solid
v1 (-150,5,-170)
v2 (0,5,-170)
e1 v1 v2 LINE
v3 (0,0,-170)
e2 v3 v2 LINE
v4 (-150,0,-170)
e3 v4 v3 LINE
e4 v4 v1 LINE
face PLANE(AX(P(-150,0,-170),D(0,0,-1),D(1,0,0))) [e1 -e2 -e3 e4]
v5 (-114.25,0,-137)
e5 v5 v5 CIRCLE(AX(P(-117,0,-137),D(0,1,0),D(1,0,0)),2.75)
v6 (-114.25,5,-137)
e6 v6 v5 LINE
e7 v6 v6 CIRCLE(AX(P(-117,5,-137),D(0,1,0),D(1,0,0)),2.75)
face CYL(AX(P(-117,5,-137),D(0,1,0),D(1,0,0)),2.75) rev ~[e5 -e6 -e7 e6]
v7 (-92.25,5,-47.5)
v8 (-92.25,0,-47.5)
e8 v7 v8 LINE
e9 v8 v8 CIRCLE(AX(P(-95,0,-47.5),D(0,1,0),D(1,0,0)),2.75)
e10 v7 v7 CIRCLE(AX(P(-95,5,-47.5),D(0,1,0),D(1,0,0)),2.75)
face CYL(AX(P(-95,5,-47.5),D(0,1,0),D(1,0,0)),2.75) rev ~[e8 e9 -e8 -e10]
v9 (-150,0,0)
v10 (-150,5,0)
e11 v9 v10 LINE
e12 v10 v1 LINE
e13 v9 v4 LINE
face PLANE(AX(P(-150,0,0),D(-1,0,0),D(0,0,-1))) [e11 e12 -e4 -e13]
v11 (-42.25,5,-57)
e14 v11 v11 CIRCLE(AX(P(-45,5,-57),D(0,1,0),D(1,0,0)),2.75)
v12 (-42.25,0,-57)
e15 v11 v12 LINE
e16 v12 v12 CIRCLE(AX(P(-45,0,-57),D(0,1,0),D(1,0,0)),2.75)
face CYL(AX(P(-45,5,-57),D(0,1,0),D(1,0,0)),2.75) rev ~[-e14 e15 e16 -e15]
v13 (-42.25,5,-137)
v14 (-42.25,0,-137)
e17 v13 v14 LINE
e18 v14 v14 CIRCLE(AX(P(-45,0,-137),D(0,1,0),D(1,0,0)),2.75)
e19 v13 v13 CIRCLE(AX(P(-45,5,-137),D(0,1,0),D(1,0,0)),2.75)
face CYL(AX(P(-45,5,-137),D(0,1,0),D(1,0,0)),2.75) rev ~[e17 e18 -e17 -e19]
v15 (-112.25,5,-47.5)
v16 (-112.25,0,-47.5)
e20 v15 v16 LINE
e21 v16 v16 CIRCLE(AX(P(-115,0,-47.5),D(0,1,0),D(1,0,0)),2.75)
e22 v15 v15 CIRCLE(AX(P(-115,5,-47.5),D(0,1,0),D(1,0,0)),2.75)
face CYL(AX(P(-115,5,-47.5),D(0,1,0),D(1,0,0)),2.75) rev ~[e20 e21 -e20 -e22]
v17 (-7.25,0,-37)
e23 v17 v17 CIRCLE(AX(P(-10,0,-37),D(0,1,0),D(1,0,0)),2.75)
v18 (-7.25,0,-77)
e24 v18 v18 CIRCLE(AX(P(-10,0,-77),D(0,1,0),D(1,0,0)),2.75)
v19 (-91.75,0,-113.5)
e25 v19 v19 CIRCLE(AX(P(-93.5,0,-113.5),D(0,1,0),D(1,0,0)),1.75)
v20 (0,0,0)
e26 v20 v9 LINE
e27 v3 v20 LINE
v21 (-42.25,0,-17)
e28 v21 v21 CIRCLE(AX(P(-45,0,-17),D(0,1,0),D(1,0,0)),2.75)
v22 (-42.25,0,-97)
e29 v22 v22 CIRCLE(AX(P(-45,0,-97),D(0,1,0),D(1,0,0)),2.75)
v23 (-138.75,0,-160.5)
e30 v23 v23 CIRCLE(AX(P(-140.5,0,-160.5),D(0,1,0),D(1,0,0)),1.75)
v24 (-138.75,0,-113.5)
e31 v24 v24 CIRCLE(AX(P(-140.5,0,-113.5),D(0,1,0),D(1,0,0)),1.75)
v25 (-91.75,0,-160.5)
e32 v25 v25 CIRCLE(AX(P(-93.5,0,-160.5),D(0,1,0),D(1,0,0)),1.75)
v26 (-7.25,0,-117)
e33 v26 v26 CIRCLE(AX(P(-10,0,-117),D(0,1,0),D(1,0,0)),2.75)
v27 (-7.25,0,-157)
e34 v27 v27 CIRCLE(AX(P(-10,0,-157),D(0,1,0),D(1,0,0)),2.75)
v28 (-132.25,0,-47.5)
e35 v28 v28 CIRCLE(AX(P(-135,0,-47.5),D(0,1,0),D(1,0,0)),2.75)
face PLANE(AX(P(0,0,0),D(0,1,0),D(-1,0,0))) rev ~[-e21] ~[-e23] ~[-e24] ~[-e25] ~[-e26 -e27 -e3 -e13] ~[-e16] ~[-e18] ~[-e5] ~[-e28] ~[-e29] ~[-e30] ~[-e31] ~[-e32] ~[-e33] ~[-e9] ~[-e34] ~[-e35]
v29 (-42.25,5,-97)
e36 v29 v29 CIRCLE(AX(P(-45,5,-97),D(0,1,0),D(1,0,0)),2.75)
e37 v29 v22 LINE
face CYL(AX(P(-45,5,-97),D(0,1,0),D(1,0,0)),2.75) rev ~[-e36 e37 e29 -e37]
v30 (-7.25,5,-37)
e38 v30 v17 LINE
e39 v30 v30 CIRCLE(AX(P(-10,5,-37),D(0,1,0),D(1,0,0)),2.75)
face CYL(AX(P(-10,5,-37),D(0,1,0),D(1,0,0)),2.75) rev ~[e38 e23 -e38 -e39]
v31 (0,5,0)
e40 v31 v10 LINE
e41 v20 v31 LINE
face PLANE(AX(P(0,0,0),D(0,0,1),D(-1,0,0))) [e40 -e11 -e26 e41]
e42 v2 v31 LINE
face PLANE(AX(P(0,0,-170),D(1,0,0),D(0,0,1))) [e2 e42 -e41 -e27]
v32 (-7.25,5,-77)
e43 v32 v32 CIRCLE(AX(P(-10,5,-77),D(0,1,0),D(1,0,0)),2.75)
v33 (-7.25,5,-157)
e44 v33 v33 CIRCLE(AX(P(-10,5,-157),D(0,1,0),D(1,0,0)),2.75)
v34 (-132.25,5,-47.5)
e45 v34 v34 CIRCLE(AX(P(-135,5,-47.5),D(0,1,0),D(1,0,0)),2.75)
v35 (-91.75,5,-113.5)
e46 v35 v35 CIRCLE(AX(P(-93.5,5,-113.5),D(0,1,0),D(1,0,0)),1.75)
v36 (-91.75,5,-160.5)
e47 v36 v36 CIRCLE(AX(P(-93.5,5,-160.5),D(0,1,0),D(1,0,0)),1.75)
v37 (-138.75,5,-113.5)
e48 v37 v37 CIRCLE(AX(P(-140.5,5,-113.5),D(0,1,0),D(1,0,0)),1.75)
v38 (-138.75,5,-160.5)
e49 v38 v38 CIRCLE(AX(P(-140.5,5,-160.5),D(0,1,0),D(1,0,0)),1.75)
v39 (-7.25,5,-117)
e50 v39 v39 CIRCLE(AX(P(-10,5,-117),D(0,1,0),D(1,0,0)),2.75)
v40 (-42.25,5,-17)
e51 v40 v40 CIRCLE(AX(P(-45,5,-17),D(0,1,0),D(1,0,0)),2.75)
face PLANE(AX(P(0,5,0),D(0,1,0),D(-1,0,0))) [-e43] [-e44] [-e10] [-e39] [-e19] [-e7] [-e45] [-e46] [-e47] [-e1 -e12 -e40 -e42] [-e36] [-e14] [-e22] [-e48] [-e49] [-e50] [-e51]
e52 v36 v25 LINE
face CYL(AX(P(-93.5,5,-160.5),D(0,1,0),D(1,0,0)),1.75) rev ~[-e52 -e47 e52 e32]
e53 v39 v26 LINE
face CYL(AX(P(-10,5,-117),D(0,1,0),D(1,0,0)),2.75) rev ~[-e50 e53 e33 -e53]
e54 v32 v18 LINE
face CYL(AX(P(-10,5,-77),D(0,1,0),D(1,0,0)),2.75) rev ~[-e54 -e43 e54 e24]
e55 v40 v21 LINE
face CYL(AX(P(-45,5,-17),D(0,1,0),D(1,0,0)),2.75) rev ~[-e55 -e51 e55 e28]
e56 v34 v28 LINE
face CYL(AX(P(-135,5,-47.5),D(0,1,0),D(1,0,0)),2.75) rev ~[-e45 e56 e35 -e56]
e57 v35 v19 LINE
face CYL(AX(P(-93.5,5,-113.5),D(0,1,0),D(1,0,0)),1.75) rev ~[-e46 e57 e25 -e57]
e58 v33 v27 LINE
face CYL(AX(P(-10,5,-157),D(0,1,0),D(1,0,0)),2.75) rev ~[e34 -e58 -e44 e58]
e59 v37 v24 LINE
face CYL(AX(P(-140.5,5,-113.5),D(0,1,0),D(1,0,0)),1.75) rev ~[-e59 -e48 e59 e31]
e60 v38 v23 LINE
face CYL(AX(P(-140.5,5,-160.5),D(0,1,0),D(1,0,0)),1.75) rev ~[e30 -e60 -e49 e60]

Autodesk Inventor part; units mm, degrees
ref_plane "YZ Plane" through (0, 0, 0) normal (1, 0, 0) x (0, 1, 0)
ref_plane "XZ Plane" through (0, 0, 0) normal (0, 1, 0) x (-1, 0, 0)
ref_plane "XY Plane" through (0, 0, 0) normal (0, 0, 1) x (1, 0, 0)
sketch "Sketch1" plane through (0, 0, 0) normal (0, 1, 0) x (-1, 0, 0)
  line L0 (0, 0) -> (150, 0)
  line L1 (150, 0) -> (150, -170)
  line L2 (150, -170) -> (0, -170)
  line L3 (0, -170) -> (0, 0)
  dimension "d0" = 150
  dimension "d1" = 170
extrude "Extrusion1" add sketch "Sketch1" along normal blind 5
sketch "Sketch2" plane through (0, 5, 0) normal (0, 1, 0) x (1, 0, 0)
  line L0 (-150, 170) -> (-150, 0) projected
  line L1 (-150, 0) -> (0, 0) projected
  line L2 (0, 0) -> (0, 170) projected
  line L3 (0, 170) -> (-150, 170) projected
  circle A0 centre (-117, 137) radius 2.75
  circle A1 centre (-140.5, 160.5) radius 1.75
  circle A2 centre (-140.5, 113.5) radius 1.75
  circle A3 centre (-93.5, 160.5) radius 1.75
  circle A4 centre (-93.5, 113.5) radius 1.75
  circle A5 centre (-45, 137) radius 2.75
  circle A6 centre (-10, 157) radius 2.75
  circle A7 centre (-115, 47.5) radius 2.75
  circle A8 centre (-95, 47.5) radius 2.75
  circle A9 centre (-135, 47.5) radius 2.75
  circle A10 centre (-45, 97) radius 2.75
  circle A11 centre (-45, 57) radius 2.75
  circle A12 centre (-45, 17) radius 2.75
  circle A13 centre (-10, 117) radius 2.75
  circle A14 centre (-10, 77) radius 2.75
  circle A15 centre (-10, 37) radius 2.75
  dimension "d5" = 5.5
  dimension "d8" = 3.5
  dimension "d9" = 9.5
  dimension "d10" = 9.5
  dimension "d13" = 47
  dimension "d16" = 47
  dimension "d23" = 5.5
  dimension "d24" = 5.5
  dimension "d25" = 33
  dimension "d26" = 13
  dimension "d28" = 170
  dimension "d36" = 10
  dimension "d40" = 45
  dimension "d43" = 5.5
  dimension "d44" = 5.5
  dimension "d48" = 20
  dimension "d49" = 35
  dimension "d50" = 5.5
  dimension "d51" = 20
  dimension "d53" = 23.5
  dimension "d54" = 23.5
  dimension "d55" = 33
  dimension "d58" = 40
  dimension "d65" = 40
extrude "Extrusion3" cut sketch "Sketch2" against normal blind 10 contours A0 | A1 | A2 | A3 | A4 | A5 | A6 | A7 | A8 | A9 | A10 | A11 | A12 | A13 | A14 | A15
equation "\"d16\" = d13"
equation "\"d36\" = d34"
equation "\"d40\" = d37"
equation "\"d53\" = 0.5 * d13"
equation "\"d54\" = d53"
equation "\"d34\" = 10"
equation "\"d37\" = 45"
properties part number "HeadPlate" material "Steel, Carbon"
